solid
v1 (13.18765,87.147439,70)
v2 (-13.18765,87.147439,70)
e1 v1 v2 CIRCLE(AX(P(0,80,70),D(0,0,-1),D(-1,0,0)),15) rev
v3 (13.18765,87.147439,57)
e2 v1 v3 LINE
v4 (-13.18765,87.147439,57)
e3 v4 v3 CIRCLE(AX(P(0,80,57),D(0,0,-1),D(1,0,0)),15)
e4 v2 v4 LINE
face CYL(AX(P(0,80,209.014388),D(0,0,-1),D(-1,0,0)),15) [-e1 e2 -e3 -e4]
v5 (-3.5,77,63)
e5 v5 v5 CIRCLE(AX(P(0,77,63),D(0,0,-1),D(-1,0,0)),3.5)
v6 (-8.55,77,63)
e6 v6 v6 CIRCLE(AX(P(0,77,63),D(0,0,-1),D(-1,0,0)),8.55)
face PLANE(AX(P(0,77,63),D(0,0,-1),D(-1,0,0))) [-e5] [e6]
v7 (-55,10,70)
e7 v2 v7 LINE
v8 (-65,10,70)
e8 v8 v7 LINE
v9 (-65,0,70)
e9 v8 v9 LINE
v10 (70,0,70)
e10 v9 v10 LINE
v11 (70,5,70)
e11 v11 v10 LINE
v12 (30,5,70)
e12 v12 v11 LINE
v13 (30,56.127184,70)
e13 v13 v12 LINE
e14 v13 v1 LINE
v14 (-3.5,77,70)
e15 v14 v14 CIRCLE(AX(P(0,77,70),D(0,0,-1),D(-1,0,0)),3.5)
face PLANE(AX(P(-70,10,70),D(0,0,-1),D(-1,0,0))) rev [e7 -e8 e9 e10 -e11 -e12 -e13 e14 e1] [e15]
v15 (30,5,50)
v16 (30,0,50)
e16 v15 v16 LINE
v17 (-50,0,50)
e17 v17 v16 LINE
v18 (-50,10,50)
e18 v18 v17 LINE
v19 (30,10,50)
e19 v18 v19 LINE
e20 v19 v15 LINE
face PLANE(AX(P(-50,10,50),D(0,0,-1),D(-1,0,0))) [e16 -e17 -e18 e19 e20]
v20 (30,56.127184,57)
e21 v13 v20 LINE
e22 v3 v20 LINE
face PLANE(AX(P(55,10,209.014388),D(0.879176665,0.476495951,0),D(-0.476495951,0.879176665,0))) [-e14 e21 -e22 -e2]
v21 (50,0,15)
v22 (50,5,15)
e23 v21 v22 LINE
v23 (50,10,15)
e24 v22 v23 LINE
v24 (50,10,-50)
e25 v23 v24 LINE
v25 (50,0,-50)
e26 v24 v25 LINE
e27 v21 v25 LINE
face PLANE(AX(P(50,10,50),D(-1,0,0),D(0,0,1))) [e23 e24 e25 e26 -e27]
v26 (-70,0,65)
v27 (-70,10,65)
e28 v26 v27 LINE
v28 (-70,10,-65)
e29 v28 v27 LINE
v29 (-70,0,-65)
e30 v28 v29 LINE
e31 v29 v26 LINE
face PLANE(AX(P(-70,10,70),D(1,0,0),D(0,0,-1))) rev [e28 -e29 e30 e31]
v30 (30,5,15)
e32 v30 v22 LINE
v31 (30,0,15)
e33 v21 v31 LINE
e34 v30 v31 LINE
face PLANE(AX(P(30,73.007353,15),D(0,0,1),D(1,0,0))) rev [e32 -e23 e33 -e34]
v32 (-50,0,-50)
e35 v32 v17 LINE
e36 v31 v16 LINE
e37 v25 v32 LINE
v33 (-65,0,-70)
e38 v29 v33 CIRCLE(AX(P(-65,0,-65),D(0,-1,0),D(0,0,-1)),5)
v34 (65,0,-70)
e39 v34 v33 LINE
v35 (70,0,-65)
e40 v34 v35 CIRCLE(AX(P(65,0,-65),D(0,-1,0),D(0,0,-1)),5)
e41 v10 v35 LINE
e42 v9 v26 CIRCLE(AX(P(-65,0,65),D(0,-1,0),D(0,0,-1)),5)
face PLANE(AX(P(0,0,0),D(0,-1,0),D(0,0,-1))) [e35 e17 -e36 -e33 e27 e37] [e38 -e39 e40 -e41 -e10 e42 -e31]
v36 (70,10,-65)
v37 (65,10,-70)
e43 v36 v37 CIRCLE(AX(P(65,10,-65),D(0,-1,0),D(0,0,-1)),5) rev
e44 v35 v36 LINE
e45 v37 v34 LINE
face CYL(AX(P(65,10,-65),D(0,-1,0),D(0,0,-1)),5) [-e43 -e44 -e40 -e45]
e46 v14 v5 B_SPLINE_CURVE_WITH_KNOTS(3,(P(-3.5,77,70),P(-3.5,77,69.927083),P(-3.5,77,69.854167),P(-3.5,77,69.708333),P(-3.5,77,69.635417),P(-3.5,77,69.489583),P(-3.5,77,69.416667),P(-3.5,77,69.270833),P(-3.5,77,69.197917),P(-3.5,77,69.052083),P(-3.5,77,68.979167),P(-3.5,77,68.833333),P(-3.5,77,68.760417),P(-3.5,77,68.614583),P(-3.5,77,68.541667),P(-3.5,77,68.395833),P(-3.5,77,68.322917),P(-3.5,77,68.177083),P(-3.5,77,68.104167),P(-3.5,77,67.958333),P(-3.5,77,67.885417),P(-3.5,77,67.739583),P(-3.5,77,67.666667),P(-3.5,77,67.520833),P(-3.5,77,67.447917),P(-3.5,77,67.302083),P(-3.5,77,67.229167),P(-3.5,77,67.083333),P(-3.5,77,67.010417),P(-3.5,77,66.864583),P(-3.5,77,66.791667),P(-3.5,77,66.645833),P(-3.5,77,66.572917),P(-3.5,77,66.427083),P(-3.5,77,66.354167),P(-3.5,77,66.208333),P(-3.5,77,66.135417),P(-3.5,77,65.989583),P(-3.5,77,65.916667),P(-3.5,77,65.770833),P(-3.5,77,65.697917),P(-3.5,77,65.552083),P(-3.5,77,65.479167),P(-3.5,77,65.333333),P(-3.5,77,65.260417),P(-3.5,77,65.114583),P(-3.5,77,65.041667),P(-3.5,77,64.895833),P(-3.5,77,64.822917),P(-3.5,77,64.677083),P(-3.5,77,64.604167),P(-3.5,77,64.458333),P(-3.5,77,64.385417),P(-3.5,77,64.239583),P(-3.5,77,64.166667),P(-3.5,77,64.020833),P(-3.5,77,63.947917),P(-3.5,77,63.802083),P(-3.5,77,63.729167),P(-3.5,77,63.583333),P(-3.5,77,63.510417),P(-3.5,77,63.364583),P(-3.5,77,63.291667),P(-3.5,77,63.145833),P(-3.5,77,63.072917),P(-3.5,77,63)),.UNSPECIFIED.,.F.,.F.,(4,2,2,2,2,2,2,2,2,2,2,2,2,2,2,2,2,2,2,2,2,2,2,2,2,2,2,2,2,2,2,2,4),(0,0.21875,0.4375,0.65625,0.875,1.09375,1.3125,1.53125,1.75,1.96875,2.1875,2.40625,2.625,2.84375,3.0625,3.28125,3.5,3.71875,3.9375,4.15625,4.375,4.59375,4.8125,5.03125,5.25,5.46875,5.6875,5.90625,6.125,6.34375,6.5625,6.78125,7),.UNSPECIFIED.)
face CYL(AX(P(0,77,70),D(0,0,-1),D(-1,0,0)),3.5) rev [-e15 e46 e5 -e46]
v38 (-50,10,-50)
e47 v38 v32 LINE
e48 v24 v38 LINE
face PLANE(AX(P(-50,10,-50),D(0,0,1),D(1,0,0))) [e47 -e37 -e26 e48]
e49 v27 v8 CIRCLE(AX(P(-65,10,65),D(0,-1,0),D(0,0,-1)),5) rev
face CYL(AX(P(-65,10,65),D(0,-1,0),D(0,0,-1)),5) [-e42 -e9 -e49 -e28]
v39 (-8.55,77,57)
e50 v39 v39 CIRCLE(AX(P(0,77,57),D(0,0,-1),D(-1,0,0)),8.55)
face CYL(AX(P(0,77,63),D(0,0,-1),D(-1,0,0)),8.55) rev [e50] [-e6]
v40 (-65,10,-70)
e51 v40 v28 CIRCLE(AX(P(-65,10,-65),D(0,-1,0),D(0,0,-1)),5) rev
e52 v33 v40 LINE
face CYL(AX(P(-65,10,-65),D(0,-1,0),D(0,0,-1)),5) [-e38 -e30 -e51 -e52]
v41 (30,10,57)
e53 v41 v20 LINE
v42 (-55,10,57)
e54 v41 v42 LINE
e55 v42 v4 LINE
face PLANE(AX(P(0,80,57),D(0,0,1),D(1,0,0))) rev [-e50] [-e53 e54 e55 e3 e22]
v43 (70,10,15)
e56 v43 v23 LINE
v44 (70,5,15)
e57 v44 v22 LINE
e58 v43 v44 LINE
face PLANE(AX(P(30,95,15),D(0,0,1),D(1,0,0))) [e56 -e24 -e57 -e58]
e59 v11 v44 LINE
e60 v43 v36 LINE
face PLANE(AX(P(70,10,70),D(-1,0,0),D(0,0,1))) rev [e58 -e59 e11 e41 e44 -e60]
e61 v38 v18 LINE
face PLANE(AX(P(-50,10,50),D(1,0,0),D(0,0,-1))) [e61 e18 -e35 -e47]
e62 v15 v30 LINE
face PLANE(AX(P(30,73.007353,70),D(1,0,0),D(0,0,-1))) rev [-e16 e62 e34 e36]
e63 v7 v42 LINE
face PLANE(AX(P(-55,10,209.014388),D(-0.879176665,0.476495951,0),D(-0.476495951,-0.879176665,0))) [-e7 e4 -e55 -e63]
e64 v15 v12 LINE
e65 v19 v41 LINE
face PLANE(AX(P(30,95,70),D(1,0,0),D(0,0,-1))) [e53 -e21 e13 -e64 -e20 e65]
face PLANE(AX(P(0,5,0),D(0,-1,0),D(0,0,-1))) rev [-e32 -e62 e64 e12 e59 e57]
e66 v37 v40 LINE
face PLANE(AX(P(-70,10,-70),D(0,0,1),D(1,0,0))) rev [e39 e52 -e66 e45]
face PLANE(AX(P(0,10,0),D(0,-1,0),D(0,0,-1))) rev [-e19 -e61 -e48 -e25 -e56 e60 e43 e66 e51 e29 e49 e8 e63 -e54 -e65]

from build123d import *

# Parameters (mm, degrees)
SKETCH1_W                = 140
SKETCH1_H                = 140
SKETCH1_W_2              = 100
SKETCH1_H_2              = 100
BOSS_EXTRUDE1_DEPTH      = 10
BOSS_EXTRUDE2_DEPTH      = 3
BOSS_EXTRUDE2_DEPTH_BACK = 10
SKETCH4_R                = 8.55
CUT_EXTRUDE2_DEPTH       = 6
SKETCH5_R                = 3.5
CUT_EXTRUDE3_DEPTH       = 178.803262062
FILLET1_R                = 5
CUT_EXTRUDE4_START       = 5
SKETCH6_W                = 40
SKETCH6_H                = 55
CUT_EXTRUDE4_DEPTH       = 133.20422734
SKETCH6_3_W              = 40
SKETCH6_3_H              = 55
BOSS_EXTRUDE4_DEPTH      = 5


with BuildPart() as part:
    # Sketch1 → Boss-Extrude1 (new body)
    with BuildSketch(Plane(origin=(0, 0, 0), x_dir=(1, 0, 0), z_dir=(0, 1, 0))):
        Rectangle(SKETCH1_W, SKETCH1_H)
        Rectangle(SKETCH1_W_2, SKETCH1_H_2, mode=Mode.SUBTRACT)
    extrude(amount=BOSS_EXTRUDE1_DEPTH)

    # Sketch2 → Boss-Extrude2 (add, two sides: drawn at the far end of the back side and taken through both)
    with BuildSketch(Plane(origin=(0, 0, 60), x_dir=(-1, 0, 0), z_dir=(0, 0, -1)).offset(-BOSS_EXTRUDE2_DEPTH_BACK)):
        with BuildLine():
            Line((55, 10), (-55, 10))
            Line((-55, 10), (-13.187649977, 87.147439268))
            ThreePointArc((-13.187649977, 87.147439268), (0, 95), (13.187649977, 87.147439268))
            Line((13.187649977, 87.147439268), (55, 10))
        make_face()
    extrude(amount=BOSS_EXTRUDE2_DEPTH + BOSS_EXTRUDE2_DEPTH_BACK)

    # Sketch4 → Cut-Extrude2 (cut)
    with BuildSketch(Plane(origin=(0, 0, 57), x_dir=(-1, 0, 0), z_dir=(0, 0, -1))):
        with Locations((0, 77)):
            Circle(SKETCH4_R)
    extrude(amount=-CUT_EXTRUDE2_DEPTH, mode=Mode.SUBTRACT)

    # Sketch5 → Cut-Extrude3 (cut, through all)
    with BuildSketch(Plane(origin=(0, 0, 63), x_dir=(-1, 0, 0), z_dir=(0, 0, -1))):
        with Locations((0, 77)):
            Circle(SKETCH5_R)
    extrude(amount=-CUT_EXTRUDE3_DEPTH, mode=Mode.SUBTRACT)

    # Fillet1
    fillet1_edges = [part.edges().sort_by_distance(p)[0] for p in [
        (70, 5, 70),
        (-70, 5, 70),
        (-70, 5, -70),
        (70, 5, -70),
    ]]
    fillet(fillet1_edges, radius=FILLET1_R)

    # Sketch6 → Cut-Extrude4 (cut, through all)
    with BuildSketch(Plane(origin=(0, 0, 0), x_dir=(1, 0, 0), z_dir=(0, 1, 0)).offset(CUT_EXTRUDE4_START)):
        with Locations((50, -42.5)):
            Rectangle(SKETCH6_W, SKETCH6_H)
    extrude(amount=CUT_EXTRUDE4_DEPTH, mode=Mode.SUBTRACT)

    # Sketch6<3> → Boss-Extrude4 (add)
    with BuildSketch(Plane(origin=(0, 0, 0), x_dir=(1, 0, 0), z_dir=(0, 1, 0))):
        with Locations((50, -42.5)):
            Rectangle(SKETCH6_3_W, SKETCH6_3_H)
    extrude(amount=BOSS_EXTRUDE4_DEPTH)


solid = part.part
